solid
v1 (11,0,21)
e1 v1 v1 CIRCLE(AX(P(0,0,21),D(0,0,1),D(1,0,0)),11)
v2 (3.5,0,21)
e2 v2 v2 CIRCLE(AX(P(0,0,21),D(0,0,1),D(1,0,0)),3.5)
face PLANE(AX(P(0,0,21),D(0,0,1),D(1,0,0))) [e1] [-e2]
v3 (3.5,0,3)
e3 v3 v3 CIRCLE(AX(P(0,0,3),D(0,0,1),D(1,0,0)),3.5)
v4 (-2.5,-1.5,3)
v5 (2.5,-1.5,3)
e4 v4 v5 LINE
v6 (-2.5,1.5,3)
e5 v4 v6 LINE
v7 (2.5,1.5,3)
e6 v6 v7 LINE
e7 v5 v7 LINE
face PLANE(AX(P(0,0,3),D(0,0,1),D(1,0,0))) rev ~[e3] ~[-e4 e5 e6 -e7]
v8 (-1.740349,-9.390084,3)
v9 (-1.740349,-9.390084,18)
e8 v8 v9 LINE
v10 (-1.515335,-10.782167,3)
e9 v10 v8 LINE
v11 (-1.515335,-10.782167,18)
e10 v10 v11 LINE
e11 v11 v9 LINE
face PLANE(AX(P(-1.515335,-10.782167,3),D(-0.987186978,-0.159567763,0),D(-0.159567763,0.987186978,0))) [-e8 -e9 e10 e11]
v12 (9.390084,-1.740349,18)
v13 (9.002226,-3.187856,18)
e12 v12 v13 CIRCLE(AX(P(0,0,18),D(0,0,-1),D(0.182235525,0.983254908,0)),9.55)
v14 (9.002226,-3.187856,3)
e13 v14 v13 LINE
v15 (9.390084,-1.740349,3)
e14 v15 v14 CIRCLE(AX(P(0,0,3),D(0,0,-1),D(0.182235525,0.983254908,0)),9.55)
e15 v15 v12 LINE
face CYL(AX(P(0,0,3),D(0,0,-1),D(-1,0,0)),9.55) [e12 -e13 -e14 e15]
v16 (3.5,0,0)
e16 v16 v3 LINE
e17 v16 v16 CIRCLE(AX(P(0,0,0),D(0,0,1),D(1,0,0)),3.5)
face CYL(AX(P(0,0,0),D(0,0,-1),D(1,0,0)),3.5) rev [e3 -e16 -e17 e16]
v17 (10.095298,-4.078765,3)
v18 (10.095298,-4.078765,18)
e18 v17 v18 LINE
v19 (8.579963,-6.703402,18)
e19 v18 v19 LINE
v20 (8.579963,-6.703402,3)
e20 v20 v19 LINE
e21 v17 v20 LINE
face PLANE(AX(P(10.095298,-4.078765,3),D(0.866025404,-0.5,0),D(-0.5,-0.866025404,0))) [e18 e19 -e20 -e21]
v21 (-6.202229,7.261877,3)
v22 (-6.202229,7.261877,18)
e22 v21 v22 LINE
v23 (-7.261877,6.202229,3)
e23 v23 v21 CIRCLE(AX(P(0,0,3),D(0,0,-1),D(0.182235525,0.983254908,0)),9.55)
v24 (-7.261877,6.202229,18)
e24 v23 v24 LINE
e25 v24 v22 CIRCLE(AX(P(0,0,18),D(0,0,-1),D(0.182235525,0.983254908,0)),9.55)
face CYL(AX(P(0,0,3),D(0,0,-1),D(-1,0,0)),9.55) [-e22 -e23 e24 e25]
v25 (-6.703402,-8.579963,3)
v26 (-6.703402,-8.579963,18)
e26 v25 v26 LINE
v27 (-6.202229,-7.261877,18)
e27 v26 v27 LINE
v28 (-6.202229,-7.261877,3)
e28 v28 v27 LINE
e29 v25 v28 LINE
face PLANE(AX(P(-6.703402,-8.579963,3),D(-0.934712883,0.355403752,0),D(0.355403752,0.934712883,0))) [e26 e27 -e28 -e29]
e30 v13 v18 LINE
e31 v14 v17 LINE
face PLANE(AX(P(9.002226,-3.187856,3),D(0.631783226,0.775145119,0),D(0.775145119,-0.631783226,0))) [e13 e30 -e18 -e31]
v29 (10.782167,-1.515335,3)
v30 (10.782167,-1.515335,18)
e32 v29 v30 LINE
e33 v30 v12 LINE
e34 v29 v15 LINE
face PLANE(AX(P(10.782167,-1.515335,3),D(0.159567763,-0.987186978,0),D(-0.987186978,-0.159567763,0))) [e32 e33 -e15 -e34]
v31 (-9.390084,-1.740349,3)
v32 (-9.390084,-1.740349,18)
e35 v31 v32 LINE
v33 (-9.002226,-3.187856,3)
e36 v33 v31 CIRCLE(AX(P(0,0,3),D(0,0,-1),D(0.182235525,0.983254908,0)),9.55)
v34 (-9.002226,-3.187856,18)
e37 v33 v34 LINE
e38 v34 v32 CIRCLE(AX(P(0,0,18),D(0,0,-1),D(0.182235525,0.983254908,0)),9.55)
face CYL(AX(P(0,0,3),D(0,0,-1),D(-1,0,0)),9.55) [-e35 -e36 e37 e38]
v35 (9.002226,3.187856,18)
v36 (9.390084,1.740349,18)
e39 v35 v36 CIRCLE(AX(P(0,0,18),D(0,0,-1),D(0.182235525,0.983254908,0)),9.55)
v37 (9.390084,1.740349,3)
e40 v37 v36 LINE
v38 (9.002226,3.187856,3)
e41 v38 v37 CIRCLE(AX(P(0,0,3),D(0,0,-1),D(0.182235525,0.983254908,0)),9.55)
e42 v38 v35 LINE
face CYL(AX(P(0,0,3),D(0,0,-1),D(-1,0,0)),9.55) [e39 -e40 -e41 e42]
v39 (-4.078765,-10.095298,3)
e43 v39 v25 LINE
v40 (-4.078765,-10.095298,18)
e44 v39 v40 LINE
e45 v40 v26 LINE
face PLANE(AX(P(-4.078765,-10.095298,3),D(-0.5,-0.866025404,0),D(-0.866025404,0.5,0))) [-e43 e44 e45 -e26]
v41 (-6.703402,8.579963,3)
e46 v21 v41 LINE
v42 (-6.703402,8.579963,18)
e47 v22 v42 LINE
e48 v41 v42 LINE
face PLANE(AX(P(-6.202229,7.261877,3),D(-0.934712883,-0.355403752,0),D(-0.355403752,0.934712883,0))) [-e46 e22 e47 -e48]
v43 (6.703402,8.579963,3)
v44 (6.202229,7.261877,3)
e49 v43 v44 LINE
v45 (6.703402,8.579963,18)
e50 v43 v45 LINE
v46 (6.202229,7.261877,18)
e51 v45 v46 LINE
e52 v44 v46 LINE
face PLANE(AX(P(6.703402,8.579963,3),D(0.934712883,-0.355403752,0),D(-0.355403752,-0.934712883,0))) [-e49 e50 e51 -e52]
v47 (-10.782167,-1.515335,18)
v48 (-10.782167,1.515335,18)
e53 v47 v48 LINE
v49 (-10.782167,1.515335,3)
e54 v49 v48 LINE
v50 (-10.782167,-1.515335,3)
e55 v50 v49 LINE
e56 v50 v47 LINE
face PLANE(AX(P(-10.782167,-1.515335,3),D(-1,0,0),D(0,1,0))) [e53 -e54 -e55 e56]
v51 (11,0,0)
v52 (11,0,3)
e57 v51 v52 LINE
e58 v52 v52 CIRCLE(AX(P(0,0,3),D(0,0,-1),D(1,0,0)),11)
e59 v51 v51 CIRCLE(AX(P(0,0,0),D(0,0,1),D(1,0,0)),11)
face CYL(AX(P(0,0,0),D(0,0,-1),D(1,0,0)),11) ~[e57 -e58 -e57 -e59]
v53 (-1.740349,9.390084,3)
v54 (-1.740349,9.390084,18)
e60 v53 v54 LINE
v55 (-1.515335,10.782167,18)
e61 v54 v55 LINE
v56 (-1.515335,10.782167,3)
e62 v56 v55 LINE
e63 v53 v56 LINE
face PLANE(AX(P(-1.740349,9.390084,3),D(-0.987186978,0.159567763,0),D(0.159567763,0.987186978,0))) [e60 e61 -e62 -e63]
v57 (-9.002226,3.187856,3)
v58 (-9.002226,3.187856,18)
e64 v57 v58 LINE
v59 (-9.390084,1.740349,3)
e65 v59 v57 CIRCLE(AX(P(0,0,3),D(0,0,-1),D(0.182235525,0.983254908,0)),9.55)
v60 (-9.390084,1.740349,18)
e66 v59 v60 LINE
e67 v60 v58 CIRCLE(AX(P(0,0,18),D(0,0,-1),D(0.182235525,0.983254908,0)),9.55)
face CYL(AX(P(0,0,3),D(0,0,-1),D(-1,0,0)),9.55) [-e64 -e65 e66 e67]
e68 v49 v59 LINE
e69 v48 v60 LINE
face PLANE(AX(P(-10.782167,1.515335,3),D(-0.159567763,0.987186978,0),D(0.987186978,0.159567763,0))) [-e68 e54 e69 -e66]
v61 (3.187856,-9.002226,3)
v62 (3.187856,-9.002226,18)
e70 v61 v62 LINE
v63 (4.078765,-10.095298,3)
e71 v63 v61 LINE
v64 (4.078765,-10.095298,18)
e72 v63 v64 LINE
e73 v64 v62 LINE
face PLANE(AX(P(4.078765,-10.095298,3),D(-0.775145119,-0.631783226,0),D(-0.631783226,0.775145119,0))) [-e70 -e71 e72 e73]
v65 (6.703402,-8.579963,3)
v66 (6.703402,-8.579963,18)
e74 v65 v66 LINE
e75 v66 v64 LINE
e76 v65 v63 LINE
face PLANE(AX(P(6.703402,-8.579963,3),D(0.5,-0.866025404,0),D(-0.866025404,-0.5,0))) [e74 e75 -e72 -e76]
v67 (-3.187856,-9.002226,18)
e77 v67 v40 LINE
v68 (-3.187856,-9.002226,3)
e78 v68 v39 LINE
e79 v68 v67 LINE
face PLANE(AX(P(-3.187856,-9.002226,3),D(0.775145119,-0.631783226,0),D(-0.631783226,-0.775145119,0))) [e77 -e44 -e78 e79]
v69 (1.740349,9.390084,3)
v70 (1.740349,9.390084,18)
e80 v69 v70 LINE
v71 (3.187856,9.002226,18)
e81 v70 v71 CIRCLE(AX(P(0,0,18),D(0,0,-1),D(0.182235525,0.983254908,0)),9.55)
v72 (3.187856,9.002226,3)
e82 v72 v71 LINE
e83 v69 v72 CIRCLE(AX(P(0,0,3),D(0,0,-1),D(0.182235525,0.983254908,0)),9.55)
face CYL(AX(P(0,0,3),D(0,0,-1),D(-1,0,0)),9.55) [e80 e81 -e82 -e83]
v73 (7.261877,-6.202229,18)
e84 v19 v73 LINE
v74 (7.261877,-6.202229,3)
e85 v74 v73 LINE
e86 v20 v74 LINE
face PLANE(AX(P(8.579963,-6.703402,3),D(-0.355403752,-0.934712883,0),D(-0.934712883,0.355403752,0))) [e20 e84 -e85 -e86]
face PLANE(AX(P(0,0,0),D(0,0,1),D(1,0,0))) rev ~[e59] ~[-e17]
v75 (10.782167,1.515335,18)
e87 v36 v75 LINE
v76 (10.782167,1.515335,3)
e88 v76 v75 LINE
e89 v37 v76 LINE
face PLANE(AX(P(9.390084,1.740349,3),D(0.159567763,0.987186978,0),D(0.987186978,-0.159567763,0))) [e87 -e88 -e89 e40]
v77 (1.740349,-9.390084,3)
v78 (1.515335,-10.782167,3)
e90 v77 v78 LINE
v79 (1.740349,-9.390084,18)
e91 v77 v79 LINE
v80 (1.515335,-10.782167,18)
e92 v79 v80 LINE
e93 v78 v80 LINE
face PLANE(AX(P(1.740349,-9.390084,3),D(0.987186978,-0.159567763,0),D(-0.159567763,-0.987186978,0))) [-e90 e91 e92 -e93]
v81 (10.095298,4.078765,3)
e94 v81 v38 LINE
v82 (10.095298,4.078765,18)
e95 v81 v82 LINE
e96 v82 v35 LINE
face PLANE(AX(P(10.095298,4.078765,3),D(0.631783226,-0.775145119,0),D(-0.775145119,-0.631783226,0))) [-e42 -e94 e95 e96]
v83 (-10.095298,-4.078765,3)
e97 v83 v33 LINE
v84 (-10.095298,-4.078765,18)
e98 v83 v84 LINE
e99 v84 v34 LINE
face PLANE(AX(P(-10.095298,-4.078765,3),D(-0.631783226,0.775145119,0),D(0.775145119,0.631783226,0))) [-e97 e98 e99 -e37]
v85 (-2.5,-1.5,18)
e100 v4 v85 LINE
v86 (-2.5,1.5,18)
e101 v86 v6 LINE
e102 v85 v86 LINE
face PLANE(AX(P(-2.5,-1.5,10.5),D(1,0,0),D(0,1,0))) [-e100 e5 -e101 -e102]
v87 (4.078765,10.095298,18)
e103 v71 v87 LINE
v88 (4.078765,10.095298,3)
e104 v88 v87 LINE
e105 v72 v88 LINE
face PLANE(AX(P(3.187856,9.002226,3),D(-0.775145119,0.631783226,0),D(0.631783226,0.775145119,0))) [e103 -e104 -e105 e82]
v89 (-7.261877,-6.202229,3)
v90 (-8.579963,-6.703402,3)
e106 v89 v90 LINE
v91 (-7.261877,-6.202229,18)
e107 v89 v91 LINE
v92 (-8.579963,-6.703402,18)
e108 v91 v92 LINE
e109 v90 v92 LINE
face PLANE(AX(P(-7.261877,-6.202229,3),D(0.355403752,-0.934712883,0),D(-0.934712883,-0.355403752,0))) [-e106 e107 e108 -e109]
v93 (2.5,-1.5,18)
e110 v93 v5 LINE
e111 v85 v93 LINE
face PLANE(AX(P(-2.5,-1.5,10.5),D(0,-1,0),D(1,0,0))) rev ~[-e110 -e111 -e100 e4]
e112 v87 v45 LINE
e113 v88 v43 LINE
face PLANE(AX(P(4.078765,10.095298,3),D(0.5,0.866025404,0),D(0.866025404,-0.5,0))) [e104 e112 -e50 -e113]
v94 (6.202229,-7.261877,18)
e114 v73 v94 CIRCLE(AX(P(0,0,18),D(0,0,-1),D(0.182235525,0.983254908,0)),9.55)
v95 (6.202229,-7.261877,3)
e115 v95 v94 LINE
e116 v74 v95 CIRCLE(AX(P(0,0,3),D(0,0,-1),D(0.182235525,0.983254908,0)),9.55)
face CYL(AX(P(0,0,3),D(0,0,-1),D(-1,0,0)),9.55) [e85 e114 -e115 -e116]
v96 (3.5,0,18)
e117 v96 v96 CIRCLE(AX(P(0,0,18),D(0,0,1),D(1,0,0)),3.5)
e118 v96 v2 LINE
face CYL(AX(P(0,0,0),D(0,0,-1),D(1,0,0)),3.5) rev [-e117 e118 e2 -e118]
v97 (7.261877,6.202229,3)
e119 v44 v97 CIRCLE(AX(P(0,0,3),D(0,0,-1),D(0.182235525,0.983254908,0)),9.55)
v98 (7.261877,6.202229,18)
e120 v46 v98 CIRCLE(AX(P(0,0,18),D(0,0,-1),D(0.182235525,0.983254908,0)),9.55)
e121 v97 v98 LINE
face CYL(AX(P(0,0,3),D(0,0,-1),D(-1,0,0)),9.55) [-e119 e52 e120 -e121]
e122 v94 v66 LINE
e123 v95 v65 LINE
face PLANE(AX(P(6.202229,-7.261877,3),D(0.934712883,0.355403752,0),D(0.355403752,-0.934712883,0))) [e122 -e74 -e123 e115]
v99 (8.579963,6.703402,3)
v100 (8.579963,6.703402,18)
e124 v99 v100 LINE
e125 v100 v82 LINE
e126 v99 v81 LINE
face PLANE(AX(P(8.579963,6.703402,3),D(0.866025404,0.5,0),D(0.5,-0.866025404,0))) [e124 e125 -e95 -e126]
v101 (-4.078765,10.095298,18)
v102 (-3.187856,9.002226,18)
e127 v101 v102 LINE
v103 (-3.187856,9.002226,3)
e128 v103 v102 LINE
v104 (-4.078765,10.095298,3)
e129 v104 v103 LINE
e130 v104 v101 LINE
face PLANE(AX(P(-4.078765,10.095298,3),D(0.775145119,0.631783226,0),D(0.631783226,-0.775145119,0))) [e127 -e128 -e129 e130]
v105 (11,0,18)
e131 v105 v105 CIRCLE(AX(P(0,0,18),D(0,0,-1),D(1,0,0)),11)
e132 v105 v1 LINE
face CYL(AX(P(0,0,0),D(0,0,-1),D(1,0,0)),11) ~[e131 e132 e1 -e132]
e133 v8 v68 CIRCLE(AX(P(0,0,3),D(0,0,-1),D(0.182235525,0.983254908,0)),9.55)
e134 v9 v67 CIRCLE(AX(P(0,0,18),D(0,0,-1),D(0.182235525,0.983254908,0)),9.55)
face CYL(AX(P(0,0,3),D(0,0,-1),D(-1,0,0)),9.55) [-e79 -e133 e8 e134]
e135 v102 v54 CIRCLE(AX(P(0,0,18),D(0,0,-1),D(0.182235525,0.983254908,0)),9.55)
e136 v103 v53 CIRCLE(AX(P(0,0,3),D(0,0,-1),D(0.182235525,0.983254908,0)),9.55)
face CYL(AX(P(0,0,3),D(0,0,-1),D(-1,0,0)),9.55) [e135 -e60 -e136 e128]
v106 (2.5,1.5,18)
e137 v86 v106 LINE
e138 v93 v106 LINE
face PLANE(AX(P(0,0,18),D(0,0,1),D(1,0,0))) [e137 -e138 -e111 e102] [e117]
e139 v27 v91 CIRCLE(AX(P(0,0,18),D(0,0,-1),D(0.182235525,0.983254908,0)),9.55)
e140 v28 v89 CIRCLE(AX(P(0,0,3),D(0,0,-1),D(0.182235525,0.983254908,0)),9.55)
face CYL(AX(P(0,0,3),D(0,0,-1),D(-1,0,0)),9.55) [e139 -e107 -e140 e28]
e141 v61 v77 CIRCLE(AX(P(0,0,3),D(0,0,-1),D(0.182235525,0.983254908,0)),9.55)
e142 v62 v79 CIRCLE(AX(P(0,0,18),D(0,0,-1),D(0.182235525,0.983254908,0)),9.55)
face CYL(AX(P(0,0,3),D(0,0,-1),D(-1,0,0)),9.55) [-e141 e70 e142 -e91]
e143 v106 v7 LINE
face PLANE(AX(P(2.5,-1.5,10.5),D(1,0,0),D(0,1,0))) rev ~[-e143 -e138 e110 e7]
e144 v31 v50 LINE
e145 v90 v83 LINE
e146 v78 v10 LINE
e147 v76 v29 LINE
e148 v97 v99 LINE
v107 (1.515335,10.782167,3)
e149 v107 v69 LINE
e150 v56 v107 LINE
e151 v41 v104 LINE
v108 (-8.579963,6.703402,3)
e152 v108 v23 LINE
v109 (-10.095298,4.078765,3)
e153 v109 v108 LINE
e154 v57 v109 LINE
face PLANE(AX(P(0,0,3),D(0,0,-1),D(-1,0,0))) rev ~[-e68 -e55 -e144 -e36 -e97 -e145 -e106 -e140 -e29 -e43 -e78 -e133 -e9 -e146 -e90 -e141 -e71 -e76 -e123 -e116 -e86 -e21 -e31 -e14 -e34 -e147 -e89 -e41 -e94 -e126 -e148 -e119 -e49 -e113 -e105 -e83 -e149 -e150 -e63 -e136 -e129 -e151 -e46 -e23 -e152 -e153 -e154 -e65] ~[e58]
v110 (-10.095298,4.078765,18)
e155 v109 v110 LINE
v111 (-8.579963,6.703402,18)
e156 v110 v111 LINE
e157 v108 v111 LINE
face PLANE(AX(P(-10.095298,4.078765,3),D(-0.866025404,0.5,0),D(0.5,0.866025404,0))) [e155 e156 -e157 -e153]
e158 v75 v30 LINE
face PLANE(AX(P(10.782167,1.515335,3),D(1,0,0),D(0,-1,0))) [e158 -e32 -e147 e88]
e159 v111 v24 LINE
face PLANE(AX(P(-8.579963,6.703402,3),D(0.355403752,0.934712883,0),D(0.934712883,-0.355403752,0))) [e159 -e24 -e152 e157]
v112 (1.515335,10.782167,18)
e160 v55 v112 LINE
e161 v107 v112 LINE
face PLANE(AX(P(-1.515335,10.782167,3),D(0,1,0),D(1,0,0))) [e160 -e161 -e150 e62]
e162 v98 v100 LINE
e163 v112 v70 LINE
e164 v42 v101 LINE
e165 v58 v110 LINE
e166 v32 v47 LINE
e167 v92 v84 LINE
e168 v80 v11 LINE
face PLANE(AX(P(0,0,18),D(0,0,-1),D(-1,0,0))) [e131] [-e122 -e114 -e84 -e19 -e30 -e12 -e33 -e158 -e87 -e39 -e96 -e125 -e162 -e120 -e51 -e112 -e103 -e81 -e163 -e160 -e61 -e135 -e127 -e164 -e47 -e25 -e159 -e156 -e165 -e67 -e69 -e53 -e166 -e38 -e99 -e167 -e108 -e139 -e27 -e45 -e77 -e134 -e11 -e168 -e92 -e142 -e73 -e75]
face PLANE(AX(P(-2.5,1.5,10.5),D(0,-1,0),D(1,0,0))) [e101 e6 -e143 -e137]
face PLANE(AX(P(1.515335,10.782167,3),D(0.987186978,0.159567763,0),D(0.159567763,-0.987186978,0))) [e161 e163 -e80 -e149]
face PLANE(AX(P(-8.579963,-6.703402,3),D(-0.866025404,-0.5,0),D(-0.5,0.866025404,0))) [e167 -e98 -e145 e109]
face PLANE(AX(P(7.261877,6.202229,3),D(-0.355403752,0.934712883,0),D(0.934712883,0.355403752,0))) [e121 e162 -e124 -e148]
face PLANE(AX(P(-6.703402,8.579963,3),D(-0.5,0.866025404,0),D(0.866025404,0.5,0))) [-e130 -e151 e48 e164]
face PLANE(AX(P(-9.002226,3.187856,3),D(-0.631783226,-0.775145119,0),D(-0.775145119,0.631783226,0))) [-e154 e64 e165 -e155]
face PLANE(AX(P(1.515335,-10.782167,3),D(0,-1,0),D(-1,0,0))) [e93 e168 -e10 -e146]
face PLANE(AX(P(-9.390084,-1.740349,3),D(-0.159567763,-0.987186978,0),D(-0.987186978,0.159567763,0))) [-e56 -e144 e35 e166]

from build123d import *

# Parameters (mm, degrees)
ESQUISSE1_R                  = 11
ESQUISSE1_R_2                = 3.5
BOSS_EXTRU_1_DEPTH           = 21
ESQUISSE3_R                  = 28.5
ESQUISSE3_R_2                = 9.55
ENL_V_MAT_EXTRU_1_DEPTH      = 15
BOSS_EXTRU_2_DEPTH           = 15
R_P_TITION_CIRCULAIRE1_COUNT = 12
BOSS_EXTRUDE1_START          = 10.5
ESQUISSE1_3_R                = 3.5
ESQUISSE1_3_W                = 5
ESQUISSE1_3_H                = 3
BOSS_EXTRUDE1_DEPTH          = 7.5


with BuildPart() as part:
    # Esquisse1 → Boss.-Extru.1 (new body)
    with BuildSketch(Plane.XY):
        Circle(ESQUISSE1_R)
        Circle(ESQUISSE1_R_2, mode=Mode.SUBTRACT)
    extrude(amount=BOSS_EXTRU_1_DEPTH)

    # Esquisse3 → Enlèv. mat.-Extru.1 (cut)
    with BuildSketch(Plane(origin=(0, 0, 3), x_dir=(-1, 0, 0), z_dir=(0, 0, -1))):
        Circle(ESQUISSE3_R)
        Circle(ESQUISSE3_R_2, mode=Mode.SUBTRACT)
    extrude(amount=-ENL_V_MAT_EXTRU_1_DEPTH, mode=Mode.SUBTRACT)

    # Esquisse5 → Boss.-Extru.2 (add)
    with BuildSketch(Plane.XY.offset(3)):
        with BuildLine():
            Line((-1.740349268, 9.390084367), (-1.515334698, 10.782166631))
            Line((-1.515334698, 10.782166631), (1.515334698, 10.782166631))
            Line((1.515334698, 10.782166631), (1.740349268, 9.390084367))
            ThreePointArc((1.740349268, 9.390084367), (0, 9.55), (-1.740349268, 9.390084367))
        make_face()
    boss_extru_2 = extrude(amount=BOSS_EXTRU_2_DEPTH)

    # Répétition circulaire1: Boss.-Extru.2 ×12 about axis
    r_p_tition_circulaire1_axis = Axis((0, 0, 0), (0, 0, 1))
    for i in range(1, R_P_TITION_CIRCULAIRE1_COUNT):
        add(boss_extru_2.rotate(r_p_tition_circulaire1_axis, i * 360 / R_P_TITION_CIRCULAIRE1_COUNT))

    # Esquisse1<3> → Boss-Extrude1 (add, symmetric)
    with BuildSketch(Plane.XY.offset(BOSS_EXTRUDE1_START)):
        Circle(ESQUISSE1_3_R)
        Rectangle(ESQUISSE1_3_W, ESQUISSE1_3_H, mode=Mode.SUBTRACT)
    extrude(amount=BOSS_EXTRUDE1_DEPTH, both=True)


solid = part.part
